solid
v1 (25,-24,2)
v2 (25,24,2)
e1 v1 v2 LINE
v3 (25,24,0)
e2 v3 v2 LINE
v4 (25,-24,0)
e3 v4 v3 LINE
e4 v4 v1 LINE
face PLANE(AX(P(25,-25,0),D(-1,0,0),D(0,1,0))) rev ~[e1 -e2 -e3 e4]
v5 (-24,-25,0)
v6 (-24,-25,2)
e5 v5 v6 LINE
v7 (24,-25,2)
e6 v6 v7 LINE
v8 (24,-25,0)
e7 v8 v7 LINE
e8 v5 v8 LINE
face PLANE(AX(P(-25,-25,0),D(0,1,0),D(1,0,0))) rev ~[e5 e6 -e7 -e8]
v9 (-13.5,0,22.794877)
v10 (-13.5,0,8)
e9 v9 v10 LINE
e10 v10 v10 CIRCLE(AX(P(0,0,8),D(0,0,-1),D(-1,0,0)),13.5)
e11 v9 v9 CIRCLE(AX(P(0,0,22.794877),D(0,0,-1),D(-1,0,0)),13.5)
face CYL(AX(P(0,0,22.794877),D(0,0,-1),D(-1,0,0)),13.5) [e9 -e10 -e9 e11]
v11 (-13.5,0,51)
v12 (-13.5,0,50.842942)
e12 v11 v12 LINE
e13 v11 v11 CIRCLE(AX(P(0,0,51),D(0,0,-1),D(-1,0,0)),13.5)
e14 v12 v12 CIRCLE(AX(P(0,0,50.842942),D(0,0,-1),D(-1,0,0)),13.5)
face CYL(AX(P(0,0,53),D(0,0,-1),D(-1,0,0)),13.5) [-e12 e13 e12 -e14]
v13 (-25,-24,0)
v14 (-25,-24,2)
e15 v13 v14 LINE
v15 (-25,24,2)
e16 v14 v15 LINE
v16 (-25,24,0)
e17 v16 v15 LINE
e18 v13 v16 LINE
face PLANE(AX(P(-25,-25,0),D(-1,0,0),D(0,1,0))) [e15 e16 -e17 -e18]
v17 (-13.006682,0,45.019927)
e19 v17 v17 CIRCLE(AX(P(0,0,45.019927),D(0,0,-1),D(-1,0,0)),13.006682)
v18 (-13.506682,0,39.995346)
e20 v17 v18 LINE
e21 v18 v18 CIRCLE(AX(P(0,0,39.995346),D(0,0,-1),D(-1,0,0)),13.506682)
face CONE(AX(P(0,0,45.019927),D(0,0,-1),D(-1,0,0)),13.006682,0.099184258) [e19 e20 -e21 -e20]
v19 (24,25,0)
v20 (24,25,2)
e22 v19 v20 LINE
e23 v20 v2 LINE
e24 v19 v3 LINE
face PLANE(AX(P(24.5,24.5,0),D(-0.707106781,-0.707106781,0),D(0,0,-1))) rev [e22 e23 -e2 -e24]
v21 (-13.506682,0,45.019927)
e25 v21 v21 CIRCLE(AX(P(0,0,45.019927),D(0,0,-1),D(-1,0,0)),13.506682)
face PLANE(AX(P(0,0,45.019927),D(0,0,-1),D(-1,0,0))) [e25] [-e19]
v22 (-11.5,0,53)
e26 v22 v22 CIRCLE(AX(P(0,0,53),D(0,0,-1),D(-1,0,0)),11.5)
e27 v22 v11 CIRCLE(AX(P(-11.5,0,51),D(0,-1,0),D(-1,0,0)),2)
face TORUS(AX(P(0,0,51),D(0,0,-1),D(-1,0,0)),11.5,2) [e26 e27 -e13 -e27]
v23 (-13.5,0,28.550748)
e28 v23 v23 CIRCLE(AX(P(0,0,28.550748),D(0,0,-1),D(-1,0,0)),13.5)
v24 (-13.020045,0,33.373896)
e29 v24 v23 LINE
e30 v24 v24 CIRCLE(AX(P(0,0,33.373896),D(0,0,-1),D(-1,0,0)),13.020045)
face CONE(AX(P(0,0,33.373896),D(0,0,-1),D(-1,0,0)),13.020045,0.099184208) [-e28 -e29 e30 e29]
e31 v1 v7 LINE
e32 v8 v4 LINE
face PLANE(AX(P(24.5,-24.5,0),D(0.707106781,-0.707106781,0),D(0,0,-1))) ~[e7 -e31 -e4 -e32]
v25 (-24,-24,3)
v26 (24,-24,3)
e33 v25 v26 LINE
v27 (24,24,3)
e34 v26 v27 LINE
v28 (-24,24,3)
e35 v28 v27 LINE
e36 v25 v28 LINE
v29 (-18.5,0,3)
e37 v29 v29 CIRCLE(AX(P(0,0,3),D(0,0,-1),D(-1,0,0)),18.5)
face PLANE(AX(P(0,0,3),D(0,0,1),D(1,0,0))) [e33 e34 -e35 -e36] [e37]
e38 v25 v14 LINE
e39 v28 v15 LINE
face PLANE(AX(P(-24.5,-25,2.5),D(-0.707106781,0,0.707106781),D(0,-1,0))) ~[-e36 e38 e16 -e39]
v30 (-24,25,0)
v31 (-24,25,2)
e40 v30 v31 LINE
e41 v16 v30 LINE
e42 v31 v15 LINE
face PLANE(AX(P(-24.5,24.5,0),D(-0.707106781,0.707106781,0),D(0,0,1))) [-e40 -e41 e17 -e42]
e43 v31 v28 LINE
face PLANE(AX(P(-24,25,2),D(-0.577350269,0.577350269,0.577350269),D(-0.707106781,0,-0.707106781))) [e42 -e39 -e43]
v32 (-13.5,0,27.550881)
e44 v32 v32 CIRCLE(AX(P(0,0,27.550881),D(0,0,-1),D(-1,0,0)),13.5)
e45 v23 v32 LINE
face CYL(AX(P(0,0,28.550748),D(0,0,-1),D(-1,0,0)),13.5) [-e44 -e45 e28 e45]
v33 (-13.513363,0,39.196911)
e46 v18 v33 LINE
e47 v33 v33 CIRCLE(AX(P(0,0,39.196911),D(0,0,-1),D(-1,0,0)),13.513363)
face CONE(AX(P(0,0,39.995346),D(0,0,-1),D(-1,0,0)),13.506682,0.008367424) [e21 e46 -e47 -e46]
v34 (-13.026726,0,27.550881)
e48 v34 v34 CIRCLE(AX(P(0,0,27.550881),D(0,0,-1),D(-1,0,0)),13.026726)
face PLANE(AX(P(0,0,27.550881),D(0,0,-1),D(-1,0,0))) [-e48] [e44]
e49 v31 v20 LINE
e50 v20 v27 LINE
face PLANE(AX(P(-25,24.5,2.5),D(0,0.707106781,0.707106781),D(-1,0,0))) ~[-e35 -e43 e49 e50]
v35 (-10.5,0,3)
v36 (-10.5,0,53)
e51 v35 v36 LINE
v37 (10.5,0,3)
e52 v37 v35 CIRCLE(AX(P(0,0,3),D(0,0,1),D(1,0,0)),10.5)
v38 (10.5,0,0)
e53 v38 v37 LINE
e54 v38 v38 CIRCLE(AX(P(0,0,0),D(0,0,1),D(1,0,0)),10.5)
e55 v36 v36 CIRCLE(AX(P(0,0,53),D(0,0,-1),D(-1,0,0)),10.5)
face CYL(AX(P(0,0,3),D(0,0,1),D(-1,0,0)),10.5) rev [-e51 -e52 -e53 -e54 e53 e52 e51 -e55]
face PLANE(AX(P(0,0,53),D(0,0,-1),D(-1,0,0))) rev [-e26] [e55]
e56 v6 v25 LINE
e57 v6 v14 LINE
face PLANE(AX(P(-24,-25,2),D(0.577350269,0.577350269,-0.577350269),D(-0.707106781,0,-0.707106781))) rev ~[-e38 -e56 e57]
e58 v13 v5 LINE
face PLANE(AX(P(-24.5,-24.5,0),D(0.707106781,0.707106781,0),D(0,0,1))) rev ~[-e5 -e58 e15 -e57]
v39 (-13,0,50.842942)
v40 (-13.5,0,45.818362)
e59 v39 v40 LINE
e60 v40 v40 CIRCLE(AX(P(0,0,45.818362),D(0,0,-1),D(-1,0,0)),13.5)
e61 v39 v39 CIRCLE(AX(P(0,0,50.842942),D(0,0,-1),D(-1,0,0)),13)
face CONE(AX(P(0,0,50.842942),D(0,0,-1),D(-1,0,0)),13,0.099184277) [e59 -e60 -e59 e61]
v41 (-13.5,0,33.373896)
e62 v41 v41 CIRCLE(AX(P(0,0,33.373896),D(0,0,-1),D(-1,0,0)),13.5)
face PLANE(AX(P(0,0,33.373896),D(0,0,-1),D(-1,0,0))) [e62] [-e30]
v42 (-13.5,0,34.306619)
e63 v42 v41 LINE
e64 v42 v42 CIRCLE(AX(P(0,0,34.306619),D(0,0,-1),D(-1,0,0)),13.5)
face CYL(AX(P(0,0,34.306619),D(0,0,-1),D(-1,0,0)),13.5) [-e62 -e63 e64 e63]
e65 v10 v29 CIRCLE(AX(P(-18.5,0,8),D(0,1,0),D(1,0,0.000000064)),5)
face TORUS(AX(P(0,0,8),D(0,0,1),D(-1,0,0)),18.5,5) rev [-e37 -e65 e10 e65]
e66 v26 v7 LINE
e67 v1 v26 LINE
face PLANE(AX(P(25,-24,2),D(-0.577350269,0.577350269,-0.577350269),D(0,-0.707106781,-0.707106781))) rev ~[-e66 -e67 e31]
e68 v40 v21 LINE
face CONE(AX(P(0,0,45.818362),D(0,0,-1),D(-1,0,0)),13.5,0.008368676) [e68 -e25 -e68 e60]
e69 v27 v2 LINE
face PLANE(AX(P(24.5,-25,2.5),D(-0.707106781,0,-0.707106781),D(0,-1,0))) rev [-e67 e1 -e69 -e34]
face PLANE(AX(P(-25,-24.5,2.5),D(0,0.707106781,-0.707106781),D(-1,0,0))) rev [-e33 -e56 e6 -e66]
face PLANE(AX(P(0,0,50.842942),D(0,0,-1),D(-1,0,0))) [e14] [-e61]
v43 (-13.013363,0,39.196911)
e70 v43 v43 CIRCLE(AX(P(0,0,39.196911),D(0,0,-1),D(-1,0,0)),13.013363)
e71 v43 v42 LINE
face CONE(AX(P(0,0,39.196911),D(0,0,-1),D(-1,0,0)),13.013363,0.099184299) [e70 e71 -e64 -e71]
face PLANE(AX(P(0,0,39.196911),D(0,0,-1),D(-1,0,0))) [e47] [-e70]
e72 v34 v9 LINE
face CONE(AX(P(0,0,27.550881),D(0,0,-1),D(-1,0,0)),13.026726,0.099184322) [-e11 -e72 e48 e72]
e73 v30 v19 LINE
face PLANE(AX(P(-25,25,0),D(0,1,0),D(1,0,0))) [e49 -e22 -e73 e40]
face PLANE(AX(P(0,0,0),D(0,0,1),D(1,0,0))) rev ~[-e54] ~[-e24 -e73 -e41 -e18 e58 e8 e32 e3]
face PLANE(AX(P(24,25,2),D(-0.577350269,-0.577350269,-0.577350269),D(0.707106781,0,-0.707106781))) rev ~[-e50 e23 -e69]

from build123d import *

# Parameters (mm, degrees)
F0_W     = 50
F0_H     = 50
F0_R     = 10.5
F1_DEPTH = 3
F4_R     = 2
F5_SIZE  = 1


with BuildPart() as f1:
    # F0 (on Top) → F1 (new body)
    with BuildSketch(Plane.XY):
        Rectangle(F0_W, F0_H)
        Circle(F0_R, mode=Mode.SUBTRACT)
    extrude(amount=F1_DEPTH)

    # F2 (on Front) → F3 (revolve)
    with BuildSketch(Plane.XZ):
        with BuildLine():
            Line((-10.5, 3), (-10.5, 53))
            Line((-10.5, 53), (-13.5, 53))
            Line((-13.5, 53), (-13.5, 50.842942))
            Line((-13.5, 50.842942), (-13, 50.842942))
            Line((-13, 50.842942), (-13.5, 45.818362))
            Line((-13.5, 45.818362), (-13.506682, 45.019927))
            Line((-13.506682, 45.019927), (-13.006682, 45.019927))
            Line((-13.006682, 45.019927), (-13.506682, 39.995346))
            Line((-13.506682, 39.995346), (-13.513363, 39.196911))
            Line((-13.513363, 39.196911), (-13.013363, 39.196911))
            Line((-13.013363, 39.196911), (-13.5, 34.306619))
            Line((-13.5, 34.306619), (-13.5, 33.373896))
            Line((-13.5, 33.373896), (-13.020045, 33.373896))
            Line((-13.020045, 33.373896), (-13.5, 28.550748))
            Line((-13.5, 28.550748), (-13.5, 27.550881))
            Line((-13.5, 27.550881), (-13.026726, 27.550881))
            Line((-13.026726, 27.550881), (-13.5, 22.794877))
            Line((-13.5, 22.794877), (-13.5, 8))
            ThreePointArc((-13.5, 8), (-14.964466, 4.464466), (-18.5, 3))
            Line((-18.5, 3), (-10.5, 3))
        make_face()
    revolve(axis=Axis((0, 0, 16.531735), (0, 0, -1)))

    # F4
    f4_edges = [f1.edges().sort_by_distance(p)[0] for p in [
        (13.5, 0, 53),
    ]]
    fillet(f4_edges, radius=F4_R)

    # F5
    f5_edges = [f1.edges().sort_by_distance(p)[0] for p in [
        (-25, 0, 3),
        (0, -25, 3),
        (25, 0, 3),
        (0, 25, 3),
        (-25, -25, 1.5),
        (25, -25, 1.5),
        (25, 25, 1.5),
        (-25, 25, 1.5),
    ]]
    chamfer(f5_edges, length=F5_SIZE)


solid = f1.part
